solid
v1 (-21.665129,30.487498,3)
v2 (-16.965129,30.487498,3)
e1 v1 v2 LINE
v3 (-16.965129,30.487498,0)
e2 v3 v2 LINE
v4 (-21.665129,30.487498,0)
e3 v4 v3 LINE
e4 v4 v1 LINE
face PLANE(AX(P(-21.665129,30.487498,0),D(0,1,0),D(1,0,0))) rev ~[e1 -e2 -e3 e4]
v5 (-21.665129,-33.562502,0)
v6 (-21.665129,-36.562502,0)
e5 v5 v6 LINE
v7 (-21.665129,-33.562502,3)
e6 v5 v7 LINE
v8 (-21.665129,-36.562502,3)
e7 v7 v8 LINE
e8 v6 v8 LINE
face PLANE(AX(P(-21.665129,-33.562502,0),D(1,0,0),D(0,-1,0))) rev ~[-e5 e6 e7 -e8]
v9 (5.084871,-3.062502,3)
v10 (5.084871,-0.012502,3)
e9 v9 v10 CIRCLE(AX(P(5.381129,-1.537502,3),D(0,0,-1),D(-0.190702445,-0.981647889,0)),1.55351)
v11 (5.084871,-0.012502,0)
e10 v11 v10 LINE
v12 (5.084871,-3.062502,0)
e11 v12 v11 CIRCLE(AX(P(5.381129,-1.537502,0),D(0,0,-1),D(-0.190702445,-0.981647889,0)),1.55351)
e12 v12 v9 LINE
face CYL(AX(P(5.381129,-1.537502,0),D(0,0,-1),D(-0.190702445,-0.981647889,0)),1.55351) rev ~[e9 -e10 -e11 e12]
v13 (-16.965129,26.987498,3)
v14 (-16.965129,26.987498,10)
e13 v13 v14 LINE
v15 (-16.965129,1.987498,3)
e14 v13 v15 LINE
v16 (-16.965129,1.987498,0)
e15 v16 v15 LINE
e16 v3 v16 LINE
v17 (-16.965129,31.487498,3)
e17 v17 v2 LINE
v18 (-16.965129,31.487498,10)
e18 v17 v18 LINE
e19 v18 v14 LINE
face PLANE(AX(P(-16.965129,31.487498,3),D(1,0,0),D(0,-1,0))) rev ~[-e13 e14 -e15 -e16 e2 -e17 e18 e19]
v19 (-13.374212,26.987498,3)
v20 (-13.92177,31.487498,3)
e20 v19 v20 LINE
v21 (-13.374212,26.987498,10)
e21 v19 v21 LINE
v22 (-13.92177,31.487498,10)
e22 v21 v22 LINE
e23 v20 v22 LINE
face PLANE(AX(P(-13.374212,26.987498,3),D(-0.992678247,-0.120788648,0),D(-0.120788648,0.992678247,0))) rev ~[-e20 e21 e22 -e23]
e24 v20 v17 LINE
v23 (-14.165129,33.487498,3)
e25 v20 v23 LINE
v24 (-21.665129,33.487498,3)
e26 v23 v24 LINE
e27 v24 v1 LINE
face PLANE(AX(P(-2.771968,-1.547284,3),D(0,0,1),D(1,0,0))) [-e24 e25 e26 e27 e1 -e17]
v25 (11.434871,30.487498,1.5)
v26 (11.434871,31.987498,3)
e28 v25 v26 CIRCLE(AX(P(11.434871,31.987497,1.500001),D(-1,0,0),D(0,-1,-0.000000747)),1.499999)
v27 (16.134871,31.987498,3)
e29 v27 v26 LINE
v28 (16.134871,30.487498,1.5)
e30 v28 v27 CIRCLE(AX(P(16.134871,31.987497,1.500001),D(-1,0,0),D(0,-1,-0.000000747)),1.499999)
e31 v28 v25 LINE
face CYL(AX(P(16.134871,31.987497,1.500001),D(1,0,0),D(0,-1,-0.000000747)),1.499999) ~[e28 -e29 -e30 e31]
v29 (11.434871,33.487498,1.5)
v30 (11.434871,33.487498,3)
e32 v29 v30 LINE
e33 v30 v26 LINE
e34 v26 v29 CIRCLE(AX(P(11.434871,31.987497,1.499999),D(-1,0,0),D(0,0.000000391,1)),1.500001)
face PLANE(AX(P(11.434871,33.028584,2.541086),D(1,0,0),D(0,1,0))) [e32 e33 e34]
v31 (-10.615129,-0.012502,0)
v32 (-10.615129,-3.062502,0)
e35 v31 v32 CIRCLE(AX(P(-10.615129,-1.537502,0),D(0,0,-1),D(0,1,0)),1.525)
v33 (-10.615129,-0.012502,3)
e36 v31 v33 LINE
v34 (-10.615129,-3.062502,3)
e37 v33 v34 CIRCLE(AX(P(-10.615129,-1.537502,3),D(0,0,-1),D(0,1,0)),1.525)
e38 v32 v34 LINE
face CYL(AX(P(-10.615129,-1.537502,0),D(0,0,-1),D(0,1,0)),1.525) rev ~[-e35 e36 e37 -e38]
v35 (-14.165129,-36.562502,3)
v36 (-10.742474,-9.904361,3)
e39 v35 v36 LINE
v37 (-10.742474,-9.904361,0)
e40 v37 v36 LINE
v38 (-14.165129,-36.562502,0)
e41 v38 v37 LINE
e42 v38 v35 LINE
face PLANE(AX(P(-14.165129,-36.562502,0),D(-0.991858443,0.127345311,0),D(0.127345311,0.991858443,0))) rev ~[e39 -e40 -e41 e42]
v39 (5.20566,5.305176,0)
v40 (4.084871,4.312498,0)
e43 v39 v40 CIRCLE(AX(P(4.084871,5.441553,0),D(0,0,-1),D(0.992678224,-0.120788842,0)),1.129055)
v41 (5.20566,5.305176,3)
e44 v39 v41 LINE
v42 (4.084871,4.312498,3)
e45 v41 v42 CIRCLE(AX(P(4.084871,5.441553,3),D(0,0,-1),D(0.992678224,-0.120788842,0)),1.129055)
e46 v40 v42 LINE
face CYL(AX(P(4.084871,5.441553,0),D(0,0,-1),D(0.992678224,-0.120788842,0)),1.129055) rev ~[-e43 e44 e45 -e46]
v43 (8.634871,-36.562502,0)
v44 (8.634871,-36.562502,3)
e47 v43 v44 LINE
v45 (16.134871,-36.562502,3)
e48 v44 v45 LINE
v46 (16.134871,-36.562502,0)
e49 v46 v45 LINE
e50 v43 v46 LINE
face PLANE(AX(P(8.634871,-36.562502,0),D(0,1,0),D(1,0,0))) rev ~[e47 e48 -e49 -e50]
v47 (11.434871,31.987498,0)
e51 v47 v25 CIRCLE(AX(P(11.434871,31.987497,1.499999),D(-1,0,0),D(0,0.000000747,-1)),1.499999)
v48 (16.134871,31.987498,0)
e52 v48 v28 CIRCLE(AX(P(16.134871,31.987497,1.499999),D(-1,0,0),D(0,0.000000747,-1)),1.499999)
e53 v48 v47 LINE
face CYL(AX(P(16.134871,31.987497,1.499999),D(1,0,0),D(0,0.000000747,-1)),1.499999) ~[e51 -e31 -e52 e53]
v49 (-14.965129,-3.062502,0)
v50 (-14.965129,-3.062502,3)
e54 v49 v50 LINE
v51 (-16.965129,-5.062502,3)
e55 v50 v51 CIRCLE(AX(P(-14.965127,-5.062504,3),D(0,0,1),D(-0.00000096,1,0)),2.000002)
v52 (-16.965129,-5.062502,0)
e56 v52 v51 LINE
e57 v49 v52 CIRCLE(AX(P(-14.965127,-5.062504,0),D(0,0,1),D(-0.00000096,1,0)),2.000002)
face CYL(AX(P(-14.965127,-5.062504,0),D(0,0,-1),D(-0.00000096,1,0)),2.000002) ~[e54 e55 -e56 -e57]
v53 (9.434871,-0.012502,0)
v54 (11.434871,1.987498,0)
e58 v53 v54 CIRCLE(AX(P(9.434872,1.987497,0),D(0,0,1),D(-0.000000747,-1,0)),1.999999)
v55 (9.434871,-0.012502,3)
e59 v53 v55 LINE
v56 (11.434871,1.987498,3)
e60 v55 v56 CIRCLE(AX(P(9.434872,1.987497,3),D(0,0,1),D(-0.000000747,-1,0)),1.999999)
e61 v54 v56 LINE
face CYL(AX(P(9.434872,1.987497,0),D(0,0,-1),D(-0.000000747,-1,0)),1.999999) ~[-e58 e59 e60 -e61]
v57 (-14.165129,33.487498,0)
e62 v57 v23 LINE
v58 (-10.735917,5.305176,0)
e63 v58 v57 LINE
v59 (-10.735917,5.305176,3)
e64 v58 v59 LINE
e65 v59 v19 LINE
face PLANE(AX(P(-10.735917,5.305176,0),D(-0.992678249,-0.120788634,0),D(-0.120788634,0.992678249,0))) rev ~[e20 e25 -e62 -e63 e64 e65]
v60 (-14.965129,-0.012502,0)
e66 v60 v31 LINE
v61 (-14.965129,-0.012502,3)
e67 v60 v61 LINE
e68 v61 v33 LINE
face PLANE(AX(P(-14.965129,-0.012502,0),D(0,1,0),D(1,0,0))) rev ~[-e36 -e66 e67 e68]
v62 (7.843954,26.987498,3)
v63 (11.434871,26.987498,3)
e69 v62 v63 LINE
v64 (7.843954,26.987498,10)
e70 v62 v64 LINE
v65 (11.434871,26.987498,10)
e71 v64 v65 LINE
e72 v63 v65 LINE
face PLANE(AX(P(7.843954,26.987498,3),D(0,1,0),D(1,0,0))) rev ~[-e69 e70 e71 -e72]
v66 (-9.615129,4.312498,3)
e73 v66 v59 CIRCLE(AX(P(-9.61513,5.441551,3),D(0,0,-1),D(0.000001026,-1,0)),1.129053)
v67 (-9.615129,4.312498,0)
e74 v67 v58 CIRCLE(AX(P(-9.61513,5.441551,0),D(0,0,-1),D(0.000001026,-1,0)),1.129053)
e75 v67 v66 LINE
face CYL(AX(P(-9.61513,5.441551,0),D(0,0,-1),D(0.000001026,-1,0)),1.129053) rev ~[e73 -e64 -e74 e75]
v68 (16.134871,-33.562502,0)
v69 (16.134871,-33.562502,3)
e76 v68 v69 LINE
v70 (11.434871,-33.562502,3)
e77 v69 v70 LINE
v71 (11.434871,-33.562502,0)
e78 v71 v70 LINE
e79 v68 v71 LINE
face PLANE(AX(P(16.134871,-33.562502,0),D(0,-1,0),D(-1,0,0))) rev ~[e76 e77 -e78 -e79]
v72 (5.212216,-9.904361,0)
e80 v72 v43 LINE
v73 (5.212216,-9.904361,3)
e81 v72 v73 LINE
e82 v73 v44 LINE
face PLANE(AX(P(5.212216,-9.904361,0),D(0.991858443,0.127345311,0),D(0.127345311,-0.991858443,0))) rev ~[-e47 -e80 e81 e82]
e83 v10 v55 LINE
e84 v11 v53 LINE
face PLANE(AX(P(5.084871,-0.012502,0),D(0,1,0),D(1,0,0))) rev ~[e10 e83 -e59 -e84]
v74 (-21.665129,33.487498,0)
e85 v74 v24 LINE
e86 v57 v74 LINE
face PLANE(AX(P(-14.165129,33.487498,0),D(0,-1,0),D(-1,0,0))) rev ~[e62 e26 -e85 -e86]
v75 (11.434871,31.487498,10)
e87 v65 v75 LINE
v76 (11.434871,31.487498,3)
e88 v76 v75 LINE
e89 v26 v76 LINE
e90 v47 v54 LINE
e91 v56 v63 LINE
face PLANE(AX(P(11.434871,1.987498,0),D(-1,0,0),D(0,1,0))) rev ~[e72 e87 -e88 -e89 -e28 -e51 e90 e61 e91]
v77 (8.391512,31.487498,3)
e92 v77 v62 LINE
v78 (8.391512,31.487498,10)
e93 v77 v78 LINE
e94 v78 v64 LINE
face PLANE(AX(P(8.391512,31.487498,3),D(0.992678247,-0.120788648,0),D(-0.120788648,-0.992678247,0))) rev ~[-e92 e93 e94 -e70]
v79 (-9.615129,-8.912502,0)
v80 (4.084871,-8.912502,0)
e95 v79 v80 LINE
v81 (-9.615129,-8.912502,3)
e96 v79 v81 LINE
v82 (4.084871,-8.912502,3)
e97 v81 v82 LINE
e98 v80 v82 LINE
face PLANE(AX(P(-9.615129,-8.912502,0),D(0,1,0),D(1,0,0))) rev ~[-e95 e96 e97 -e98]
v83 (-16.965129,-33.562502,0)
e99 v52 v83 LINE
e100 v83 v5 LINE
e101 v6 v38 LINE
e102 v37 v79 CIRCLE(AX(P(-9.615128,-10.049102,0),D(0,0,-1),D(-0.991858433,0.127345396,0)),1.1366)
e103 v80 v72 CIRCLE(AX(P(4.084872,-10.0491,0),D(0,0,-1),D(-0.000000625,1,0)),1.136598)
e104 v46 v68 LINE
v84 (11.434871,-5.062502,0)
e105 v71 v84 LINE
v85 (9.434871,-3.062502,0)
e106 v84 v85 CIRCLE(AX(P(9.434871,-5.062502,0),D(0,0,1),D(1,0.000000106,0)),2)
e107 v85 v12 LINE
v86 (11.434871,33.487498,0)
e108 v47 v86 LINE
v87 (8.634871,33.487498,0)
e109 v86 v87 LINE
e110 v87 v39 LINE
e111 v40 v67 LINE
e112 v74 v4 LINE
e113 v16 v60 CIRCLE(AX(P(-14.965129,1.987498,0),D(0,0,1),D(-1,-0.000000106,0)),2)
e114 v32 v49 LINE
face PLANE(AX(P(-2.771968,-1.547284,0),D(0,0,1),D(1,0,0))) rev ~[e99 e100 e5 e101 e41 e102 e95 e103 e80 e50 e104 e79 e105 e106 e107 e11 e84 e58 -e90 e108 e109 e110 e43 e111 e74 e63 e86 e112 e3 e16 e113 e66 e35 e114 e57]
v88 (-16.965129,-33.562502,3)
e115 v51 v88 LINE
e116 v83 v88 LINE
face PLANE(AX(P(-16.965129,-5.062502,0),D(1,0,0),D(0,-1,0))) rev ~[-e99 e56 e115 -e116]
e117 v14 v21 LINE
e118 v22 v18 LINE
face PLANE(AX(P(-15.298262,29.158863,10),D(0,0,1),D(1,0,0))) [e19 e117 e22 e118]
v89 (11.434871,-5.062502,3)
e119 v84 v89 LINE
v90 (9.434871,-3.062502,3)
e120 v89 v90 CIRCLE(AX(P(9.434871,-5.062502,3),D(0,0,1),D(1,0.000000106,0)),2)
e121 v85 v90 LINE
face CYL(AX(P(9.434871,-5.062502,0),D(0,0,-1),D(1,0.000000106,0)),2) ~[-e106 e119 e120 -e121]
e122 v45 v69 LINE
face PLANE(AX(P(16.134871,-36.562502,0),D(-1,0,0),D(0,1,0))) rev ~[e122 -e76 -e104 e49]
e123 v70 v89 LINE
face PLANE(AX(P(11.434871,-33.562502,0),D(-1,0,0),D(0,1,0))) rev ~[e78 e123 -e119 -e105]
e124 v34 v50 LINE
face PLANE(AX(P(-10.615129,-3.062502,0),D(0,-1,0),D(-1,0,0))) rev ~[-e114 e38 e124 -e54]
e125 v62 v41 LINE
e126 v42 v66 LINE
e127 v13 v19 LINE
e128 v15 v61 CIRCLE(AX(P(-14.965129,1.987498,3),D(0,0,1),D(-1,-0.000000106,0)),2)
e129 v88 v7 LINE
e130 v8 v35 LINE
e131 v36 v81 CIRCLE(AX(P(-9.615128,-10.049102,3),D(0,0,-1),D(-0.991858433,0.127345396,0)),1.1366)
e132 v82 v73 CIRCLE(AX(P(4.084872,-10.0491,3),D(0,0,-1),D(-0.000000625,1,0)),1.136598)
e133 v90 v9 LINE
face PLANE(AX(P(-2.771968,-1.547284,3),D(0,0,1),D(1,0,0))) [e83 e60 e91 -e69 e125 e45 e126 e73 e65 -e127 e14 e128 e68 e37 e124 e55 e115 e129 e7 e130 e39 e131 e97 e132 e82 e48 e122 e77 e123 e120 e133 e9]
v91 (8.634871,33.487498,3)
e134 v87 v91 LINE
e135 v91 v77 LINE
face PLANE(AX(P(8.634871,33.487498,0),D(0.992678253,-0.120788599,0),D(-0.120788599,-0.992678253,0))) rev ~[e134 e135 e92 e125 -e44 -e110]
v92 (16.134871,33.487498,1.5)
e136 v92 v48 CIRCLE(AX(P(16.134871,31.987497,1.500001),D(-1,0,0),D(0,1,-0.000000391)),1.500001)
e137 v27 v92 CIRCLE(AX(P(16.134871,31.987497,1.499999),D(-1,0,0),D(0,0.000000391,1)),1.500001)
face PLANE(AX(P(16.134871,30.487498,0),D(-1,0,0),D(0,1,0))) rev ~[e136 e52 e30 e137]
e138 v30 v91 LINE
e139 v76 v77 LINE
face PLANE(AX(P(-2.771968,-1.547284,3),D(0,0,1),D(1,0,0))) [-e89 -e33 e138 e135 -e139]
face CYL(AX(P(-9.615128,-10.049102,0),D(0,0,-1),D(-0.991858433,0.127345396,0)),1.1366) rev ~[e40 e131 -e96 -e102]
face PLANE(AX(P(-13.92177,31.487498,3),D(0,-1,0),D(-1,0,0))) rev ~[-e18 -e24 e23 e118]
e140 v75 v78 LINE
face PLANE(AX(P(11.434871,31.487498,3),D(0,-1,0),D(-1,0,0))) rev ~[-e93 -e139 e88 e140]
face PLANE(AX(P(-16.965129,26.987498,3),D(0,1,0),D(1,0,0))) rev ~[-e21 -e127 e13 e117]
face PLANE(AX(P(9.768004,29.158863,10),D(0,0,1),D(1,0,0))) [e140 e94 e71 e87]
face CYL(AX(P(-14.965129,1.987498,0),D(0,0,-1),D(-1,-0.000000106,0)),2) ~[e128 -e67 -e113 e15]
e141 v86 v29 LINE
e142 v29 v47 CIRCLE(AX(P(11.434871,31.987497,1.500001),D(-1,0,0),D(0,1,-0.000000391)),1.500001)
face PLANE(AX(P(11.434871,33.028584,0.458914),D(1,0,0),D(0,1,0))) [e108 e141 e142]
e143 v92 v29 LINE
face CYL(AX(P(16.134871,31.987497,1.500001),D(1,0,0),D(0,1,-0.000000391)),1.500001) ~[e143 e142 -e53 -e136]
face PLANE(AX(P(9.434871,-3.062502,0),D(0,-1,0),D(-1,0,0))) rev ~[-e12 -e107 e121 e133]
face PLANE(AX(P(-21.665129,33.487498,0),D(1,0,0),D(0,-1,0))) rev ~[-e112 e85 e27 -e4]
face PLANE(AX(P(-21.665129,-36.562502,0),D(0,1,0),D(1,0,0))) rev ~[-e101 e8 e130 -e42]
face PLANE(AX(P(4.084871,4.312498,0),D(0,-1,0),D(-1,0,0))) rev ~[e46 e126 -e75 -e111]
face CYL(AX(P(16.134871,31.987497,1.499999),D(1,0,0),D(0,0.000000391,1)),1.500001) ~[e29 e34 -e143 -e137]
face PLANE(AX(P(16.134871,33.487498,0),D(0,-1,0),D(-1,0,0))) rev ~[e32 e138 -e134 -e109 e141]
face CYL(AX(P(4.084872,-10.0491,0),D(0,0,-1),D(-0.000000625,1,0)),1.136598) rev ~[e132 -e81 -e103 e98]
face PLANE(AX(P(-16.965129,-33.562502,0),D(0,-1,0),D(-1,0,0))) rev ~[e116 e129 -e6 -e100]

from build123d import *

# Parameters (mm, degrees)
F1_DEPTH = 3
F3_DEPTH = 7
F5_DEPTH = 4.7


with BuildPart() as f1:
    # F0 (on Top) → F1 (new body)
    with BuildSketch(Plane.XY):
        with BuildLine():
            Line((16.134871, -36.562502), (16.134871, -33.562502))
            Line((16.134871, -33.562502), (11.434871, -33.562502))
            Line((11.434871, -33.562502), (11.434871, -5.062502))
            ThreePointArc((11.434871, -5.062502), (10.849085, -3.648289), (9.434871, -3.062502))
            Line((9.434871, -3.062502), (5.084871, -3.062502))
            ThreePointArc((5.084871, -3.062502), (3.827619, -1.537502), (5.084871, -0.012502))
            Line((5.084871, -0.012502), (9.434871, -0.012502))
            ThreePointArc((9.434871, -0.012502), (10.849085, 0.573284), (11.434871, 1.987498))
            Line((11.434871, 1.987498), (11.434871, 30.487498))
            Line((11.434871, 30.487498), (16.134871, 30.487498))
            Line((16.134871, 30.487498), (16.134871, 33.487498))
            Line((16.134871, 33.487498), (8.634871, 33.487498))
            Line((8.634871, 33.487498), (5.20566, 5.305176))
            ThreePointArc((5.20566, 5.305176), (4.833466, 4.596348), (4.084871, 4.312498))
            Line((4.084871, 4.312498), (-9.615129, 4.312498))
            ThreePointArc((-9.615129, 4.312498), (-10.363724, 4.596348), (-10.735917, 5.305176))
            Line((-10.735917, 5.305176), (-14.165129, 33.487498))
            Line((-14.165129, 33.487498), (-21.665129, 33.487498))
            Line((-21.665129, 33.487498), (-21.665129, 30.487498))
            Line((-21.665129, 30.487498), (-16.965129, 30.487498))
            Line((-16.965129, 30.487498), (-16.965129, 1.987498))
            ThreePointArc((-16.965129, 1.987498), (-16.379342, 0.573284), (-14.965129, -0.012502))
            Line((-14.965129, -0.012502), (-10.615129, -0.012502))
            ThreePointArc((-10.615129, -0.012502), (-9.090129, -1.537502), (-10.615129, -3.062502))
            Line((-10.615129, -3.062502), (-14.965129, -3.062502))
            ThreePointArc((-14.965129, -3.062502), (-16.379342, -3.648289), (-16.965129, -5.062502))
            Line((-16.965129, -5.062502), (-16.965129, -33.562502))
            Line((-16.965129, -33.562502), (-21.665129, -33.562502))
            Line((-21.665129, -33.562502), (-21.665129, -36.562502))
            Line((-21.665129, -36.562502), (-14.165129, -36.562502))
            Line((-14.165129, -36.562502), (-10.742474, -9.904361))
            ThreePointArc((-10.742474, -9.904361), (-10.36591, -9.195764), (-9.615129, -8.912502))
            Line((-9.615129, -8.912502), (4.084871, -8.912502))
            ThreePointArc((4.084871, -8.912502), (4.835653, -9.195764), (5.212216, -9.904361))
            Line((5.212216, -9.904361), (8.634871, -36.562502))
            Line((8.634871, -36.562502), (16.134871, -36.562502))
        make_face()
    extrude(amount=F1_DEPTH)

    # F2 (on face) → F3 (join)
    with BuildSketch(Plane.XY.offset(3)):
        Polygon((-13.92177, 31.487498), (-16.965129, 31.487498), (-16.965129, 26.987498), (-13.374212, 26.987498), align=None)
        Polygon((11.434871, 26.987498), (11.434871, 31.487498), (8.391512, 31.487498), (7.843954, 26.987498), align=None)
    extrude(amount=F3_DEPTH)

    # F4 (on face) → F5 (cut)
    with BuildSketch(Plane.YZ.offset(16.134871)):
        with BuildLine():
            ThreePointArc((30.487498, 1.5), (30.926837, 2.56066), (31.987498, 3))
            Line((31.987498, 3), (30.487498, 3))
            Line((30.487498, 3), (30.487498, 1.5))
        make_face()
        with BuildLine():
            Line((30.487498, 0), (31.987498, 0))
            ThreePointArc((31.987498, 0), (30.926837, 0.43934), (30.487498, 1.5))
            Line((30.487498, 1.5), (30.487498, 0))
        make_face()
        with BuildLine():
            Line((33.487498, 0), (33.487498, 1.5))
            ThreePointArc((33.487498, 1.5), (33.048158, 0.43934), (31.987498, 0))
            Line((31.987498, 0), (33.487498, 0))
        make_face()
        with BuildLine():
            ThreePointArc((31.987498, 3), (33.048158, 2.56066), (33.487498, 1.5))
            Line((33.487498, 1.5), (33.487498, 3))
            Line((33.487498, 3), (31.987498, 3))
        make_face()
    extrude(amount=-F5_DEPTH, mode=Mode.SUBTRACT)


solid = f1.part
